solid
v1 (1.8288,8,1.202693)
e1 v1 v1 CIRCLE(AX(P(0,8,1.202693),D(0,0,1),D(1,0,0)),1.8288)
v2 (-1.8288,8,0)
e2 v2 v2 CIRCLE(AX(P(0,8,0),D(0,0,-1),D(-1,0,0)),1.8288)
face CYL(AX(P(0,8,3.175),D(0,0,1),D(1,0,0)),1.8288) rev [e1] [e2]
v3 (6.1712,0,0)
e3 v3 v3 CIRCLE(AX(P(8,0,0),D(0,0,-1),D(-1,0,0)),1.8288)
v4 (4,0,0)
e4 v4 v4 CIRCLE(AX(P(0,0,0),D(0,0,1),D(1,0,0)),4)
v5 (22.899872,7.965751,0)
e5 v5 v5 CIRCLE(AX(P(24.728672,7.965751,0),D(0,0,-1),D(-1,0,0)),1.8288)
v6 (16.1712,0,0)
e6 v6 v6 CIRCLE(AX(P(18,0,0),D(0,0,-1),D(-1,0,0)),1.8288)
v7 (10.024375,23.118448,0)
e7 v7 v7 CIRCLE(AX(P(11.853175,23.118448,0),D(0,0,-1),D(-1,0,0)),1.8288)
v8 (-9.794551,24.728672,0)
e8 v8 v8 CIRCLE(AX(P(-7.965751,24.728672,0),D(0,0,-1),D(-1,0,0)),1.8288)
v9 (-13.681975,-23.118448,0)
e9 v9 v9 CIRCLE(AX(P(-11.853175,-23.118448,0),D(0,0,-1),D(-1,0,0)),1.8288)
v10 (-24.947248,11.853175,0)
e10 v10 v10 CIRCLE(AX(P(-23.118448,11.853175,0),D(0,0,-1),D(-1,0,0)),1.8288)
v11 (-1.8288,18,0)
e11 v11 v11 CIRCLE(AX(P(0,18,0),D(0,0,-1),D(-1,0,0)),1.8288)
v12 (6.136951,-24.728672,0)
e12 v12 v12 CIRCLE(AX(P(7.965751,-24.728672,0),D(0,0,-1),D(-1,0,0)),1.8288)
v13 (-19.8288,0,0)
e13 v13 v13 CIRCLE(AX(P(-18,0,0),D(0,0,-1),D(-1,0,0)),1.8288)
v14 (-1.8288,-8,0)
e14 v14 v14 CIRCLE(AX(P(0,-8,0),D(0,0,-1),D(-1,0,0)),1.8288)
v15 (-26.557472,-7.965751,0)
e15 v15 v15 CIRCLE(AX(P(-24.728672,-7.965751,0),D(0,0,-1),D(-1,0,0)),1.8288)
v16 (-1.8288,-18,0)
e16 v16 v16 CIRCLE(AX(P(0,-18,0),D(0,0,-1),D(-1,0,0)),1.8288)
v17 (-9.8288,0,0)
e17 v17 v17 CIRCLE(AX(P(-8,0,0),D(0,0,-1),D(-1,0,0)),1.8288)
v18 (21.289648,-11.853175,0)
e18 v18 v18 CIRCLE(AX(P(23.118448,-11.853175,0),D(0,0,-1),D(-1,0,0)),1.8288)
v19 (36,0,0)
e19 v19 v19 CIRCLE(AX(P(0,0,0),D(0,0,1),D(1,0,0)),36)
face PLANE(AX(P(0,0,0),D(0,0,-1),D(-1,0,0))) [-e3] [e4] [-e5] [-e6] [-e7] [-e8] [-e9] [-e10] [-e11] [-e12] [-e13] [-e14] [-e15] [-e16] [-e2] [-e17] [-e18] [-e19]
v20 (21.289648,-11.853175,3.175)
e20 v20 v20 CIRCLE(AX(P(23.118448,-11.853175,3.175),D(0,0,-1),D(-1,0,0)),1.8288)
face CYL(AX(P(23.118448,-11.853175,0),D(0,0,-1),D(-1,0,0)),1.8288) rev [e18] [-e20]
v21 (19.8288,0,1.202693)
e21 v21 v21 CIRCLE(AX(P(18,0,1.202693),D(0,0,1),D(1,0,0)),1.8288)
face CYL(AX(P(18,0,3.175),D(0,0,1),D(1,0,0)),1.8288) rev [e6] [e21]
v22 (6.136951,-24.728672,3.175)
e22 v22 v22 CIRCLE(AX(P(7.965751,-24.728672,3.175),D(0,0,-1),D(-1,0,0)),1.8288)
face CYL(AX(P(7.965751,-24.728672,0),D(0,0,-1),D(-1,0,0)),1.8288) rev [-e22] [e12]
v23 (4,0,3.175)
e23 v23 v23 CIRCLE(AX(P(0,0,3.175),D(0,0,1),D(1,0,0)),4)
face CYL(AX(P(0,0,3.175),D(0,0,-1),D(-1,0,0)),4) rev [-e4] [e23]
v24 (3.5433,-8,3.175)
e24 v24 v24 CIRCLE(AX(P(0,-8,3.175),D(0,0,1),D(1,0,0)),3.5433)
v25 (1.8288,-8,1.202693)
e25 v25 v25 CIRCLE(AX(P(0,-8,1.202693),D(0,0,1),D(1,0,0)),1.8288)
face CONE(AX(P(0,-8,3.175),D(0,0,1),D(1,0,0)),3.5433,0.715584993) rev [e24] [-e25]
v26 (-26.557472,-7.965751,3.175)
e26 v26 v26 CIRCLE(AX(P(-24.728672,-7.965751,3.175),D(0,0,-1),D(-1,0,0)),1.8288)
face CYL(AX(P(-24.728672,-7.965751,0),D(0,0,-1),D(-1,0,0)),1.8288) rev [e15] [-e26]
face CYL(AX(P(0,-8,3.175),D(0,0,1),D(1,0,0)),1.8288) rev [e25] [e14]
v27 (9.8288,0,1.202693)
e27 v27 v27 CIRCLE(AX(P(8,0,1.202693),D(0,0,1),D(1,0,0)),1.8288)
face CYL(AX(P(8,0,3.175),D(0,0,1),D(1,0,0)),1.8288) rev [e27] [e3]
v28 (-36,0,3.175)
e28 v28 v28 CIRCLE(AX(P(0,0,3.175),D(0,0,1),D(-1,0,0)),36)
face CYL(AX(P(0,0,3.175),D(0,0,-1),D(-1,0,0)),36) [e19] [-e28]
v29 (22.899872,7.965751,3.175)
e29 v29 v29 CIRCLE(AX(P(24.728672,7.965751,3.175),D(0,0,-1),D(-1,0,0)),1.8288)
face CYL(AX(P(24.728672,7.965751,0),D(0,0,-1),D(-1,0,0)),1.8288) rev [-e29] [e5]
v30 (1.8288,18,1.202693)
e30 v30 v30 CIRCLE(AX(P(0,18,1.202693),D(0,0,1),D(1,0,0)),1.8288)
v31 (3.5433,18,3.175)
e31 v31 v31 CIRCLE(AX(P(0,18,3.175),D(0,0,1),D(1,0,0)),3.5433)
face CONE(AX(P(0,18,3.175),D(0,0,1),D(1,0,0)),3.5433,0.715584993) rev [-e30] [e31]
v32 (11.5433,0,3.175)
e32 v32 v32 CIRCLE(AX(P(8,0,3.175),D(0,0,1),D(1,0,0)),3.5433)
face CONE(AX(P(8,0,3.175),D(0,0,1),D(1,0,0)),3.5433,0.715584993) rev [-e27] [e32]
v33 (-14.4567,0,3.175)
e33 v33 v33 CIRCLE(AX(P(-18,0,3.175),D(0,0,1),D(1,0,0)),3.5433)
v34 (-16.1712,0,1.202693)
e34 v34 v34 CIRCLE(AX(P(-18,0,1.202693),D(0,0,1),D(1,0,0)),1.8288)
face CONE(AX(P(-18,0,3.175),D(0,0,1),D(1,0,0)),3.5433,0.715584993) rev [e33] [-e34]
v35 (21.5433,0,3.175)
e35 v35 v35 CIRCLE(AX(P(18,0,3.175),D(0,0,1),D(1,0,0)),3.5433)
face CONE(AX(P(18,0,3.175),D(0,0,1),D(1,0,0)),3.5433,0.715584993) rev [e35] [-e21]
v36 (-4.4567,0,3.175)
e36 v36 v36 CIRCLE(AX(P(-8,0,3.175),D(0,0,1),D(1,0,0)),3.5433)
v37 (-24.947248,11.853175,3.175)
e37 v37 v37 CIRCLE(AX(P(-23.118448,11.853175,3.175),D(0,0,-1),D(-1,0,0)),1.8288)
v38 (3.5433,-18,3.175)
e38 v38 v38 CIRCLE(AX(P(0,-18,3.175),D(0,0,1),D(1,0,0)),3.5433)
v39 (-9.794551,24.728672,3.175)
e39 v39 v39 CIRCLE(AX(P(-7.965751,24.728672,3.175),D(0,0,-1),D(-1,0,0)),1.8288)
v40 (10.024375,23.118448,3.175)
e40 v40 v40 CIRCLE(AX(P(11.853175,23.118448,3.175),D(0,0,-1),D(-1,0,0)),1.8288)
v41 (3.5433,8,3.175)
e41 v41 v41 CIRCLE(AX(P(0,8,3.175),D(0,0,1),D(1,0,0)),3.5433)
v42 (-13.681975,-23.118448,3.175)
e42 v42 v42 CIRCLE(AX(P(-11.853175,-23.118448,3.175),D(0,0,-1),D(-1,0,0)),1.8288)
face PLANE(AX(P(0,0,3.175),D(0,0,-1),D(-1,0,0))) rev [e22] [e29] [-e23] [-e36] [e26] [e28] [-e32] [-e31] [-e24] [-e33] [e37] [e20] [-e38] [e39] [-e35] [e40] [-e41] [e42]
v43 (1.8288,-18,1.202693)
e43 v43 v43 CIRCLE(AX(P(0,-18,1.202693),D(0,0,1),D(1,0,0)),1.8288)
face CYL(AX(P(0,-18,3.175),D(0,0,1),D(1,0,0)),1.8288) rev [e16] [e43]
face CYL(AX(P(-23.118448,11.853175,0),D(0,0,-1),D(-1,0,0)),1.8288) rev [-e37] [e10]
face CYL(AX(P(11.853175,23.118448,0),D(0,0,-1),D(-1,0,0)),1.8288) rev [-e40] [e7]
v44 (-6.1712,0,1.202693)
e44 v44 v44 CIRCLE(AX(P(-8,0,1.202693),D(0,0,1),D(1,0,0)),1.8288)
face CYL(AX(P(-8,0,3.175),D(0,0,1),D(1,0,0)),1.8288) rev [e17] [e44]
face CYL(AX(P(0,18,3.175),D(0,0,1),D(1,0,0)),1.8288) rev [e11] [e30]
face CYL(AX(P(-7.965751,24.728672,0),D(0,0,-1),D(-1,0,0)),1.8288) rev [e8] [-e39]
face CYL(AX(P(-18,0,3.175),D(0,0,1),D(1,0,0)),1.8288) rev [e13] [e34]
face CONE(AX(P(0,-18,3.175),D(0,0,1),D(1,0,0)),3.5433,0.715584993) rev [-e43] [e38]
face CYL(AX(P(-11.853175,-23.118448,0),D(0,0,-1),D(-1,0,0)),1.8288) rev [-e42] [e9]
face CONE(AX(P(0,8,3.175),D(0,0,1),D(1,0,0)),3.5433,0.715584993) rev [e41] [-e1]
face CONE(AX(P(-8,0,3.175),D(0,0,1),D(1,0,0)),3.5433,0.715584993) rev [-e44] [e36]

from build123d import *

# Parameters (mm, degrees)
SKETCH1_R                                      = 4
BOSS_EXTRUDE1_DEPTH                            = 3.175
F_6_CLEARANCE_HOLE1_D                          = 3.6576
F_6_CLEARANCE_HOLE1_DEPTH                      = 8
F_6_CLEARANCE_HOLE1_TIP                        = 1.0988539
CSK_FOR_6_FLAT_HEAD_MACHINE_SCREW2_D           = 3.6576
CSK_FOR_6_FLAT_HEAD_MACHINE_SCREW2_DEPTH       = 8
CSK_FOR_6_FLAT_HEAD_MACHINE_SCREW2_CSINK_D     = 7.0866
CSK_FOR_6_FLAT_HEAD_MACHINE_SCREW2_CSINK_ANGLE = 82
CSK_FOR_6_FLAT_HEAD_MACHINE_SCREW2_TIP         = 1.0988539


with BuildPart() as part:
    # Sketch1 → Boss-Extrude1 (new body)
    with BuildSketch(Plane.XY):
        with BuildLine():
            ThreePointArc((-36, 0), (0, -36), (36, 0))
            ThreePointArc((36, 0), (0, 36), (-36, 0))
        make_face()
        Circle(SKETCH1_R, mode=Mode.SUBTRACT)
    extrude(amount=BOSS_EXTRUDE1_DEPTH)

    # #6 Clearance Hole1
    with Locations(Plane(origin=(0, 0, 0), x_dir=(1, 0, 0), z_dir=(0, 0, -1))):
        with Locations((-11.853175458, 23.118447862), (24.728671999, -7.965750509), (11.853175458, -23.118447862), (-7.965750509, -24.728671999), (-23.118447862, -11.853175458), (-24.728671999, 7.965750509), (7.965750509, 24.728671999), (23.118447862, 11.853175458)):
            Hole(F_6_CLEARANCE_HOLE1_D / 2, depth=F_6_CLEARANCE_HOLE1_DEPTH)
            with Locations((0, 0, -(F_6_CLEARANCE_HOLE1_DEPTH + F_6_CLEARANCE_HOLE1_TIP / 2))):  # 118° drill point
                Cone(0, F_6_CLEARANCE_HOLE1_D / 2, F_6_CLEARANCE_HOLE1_TIP, mode=Mode.SUBTRACT)

    # CSK for #6 Flat Head Machine Screw2
    with Locations(Plane(origin=(0, 0, 3.175), x_dir=(-1, 0, 0), z_dir=(0, 0, 1))):
        with Locations((0, -18), (-18, 0), (0, 18), (18, 0), (0, -8), (-8, 0), (0, 8), (8, 0)):
            CounterSinkHole(CSK_FOR_6_FLAT_HEAD_MACHINE_SCREW2_D / 2, CSK_FOR_6_FLAT_HEAD_MACHINE_SCREW2_CSINK_D / 2, depth=CSK_FOR_6_FLAT_HEAD_MACHINE_SCREW2_DEPTH, counter_sink_angle=CSK_FOR_6_FLAT_HEAD_MACHINE_SCREW2_CSINK_ANGLE)
            with Locations((0, 0, -(CSK_FOR_6_FLAT_HEAD_MACHINE_SCREW2_DEPTH + CSK_FOR_6_FLAT_HEAD_MACHINE_SCREW2_TIP / 2))):  # 118° drill point
                Cone(0, CSK_FOR_6_FLAT_HEAD_MACHINE_SCREW2_D / 2, CSK_FOR_6_FLAT_HEAD_MACHINE_SCREW2_TIP, mode=Mode.SUBTRACT)


solid = part.part
